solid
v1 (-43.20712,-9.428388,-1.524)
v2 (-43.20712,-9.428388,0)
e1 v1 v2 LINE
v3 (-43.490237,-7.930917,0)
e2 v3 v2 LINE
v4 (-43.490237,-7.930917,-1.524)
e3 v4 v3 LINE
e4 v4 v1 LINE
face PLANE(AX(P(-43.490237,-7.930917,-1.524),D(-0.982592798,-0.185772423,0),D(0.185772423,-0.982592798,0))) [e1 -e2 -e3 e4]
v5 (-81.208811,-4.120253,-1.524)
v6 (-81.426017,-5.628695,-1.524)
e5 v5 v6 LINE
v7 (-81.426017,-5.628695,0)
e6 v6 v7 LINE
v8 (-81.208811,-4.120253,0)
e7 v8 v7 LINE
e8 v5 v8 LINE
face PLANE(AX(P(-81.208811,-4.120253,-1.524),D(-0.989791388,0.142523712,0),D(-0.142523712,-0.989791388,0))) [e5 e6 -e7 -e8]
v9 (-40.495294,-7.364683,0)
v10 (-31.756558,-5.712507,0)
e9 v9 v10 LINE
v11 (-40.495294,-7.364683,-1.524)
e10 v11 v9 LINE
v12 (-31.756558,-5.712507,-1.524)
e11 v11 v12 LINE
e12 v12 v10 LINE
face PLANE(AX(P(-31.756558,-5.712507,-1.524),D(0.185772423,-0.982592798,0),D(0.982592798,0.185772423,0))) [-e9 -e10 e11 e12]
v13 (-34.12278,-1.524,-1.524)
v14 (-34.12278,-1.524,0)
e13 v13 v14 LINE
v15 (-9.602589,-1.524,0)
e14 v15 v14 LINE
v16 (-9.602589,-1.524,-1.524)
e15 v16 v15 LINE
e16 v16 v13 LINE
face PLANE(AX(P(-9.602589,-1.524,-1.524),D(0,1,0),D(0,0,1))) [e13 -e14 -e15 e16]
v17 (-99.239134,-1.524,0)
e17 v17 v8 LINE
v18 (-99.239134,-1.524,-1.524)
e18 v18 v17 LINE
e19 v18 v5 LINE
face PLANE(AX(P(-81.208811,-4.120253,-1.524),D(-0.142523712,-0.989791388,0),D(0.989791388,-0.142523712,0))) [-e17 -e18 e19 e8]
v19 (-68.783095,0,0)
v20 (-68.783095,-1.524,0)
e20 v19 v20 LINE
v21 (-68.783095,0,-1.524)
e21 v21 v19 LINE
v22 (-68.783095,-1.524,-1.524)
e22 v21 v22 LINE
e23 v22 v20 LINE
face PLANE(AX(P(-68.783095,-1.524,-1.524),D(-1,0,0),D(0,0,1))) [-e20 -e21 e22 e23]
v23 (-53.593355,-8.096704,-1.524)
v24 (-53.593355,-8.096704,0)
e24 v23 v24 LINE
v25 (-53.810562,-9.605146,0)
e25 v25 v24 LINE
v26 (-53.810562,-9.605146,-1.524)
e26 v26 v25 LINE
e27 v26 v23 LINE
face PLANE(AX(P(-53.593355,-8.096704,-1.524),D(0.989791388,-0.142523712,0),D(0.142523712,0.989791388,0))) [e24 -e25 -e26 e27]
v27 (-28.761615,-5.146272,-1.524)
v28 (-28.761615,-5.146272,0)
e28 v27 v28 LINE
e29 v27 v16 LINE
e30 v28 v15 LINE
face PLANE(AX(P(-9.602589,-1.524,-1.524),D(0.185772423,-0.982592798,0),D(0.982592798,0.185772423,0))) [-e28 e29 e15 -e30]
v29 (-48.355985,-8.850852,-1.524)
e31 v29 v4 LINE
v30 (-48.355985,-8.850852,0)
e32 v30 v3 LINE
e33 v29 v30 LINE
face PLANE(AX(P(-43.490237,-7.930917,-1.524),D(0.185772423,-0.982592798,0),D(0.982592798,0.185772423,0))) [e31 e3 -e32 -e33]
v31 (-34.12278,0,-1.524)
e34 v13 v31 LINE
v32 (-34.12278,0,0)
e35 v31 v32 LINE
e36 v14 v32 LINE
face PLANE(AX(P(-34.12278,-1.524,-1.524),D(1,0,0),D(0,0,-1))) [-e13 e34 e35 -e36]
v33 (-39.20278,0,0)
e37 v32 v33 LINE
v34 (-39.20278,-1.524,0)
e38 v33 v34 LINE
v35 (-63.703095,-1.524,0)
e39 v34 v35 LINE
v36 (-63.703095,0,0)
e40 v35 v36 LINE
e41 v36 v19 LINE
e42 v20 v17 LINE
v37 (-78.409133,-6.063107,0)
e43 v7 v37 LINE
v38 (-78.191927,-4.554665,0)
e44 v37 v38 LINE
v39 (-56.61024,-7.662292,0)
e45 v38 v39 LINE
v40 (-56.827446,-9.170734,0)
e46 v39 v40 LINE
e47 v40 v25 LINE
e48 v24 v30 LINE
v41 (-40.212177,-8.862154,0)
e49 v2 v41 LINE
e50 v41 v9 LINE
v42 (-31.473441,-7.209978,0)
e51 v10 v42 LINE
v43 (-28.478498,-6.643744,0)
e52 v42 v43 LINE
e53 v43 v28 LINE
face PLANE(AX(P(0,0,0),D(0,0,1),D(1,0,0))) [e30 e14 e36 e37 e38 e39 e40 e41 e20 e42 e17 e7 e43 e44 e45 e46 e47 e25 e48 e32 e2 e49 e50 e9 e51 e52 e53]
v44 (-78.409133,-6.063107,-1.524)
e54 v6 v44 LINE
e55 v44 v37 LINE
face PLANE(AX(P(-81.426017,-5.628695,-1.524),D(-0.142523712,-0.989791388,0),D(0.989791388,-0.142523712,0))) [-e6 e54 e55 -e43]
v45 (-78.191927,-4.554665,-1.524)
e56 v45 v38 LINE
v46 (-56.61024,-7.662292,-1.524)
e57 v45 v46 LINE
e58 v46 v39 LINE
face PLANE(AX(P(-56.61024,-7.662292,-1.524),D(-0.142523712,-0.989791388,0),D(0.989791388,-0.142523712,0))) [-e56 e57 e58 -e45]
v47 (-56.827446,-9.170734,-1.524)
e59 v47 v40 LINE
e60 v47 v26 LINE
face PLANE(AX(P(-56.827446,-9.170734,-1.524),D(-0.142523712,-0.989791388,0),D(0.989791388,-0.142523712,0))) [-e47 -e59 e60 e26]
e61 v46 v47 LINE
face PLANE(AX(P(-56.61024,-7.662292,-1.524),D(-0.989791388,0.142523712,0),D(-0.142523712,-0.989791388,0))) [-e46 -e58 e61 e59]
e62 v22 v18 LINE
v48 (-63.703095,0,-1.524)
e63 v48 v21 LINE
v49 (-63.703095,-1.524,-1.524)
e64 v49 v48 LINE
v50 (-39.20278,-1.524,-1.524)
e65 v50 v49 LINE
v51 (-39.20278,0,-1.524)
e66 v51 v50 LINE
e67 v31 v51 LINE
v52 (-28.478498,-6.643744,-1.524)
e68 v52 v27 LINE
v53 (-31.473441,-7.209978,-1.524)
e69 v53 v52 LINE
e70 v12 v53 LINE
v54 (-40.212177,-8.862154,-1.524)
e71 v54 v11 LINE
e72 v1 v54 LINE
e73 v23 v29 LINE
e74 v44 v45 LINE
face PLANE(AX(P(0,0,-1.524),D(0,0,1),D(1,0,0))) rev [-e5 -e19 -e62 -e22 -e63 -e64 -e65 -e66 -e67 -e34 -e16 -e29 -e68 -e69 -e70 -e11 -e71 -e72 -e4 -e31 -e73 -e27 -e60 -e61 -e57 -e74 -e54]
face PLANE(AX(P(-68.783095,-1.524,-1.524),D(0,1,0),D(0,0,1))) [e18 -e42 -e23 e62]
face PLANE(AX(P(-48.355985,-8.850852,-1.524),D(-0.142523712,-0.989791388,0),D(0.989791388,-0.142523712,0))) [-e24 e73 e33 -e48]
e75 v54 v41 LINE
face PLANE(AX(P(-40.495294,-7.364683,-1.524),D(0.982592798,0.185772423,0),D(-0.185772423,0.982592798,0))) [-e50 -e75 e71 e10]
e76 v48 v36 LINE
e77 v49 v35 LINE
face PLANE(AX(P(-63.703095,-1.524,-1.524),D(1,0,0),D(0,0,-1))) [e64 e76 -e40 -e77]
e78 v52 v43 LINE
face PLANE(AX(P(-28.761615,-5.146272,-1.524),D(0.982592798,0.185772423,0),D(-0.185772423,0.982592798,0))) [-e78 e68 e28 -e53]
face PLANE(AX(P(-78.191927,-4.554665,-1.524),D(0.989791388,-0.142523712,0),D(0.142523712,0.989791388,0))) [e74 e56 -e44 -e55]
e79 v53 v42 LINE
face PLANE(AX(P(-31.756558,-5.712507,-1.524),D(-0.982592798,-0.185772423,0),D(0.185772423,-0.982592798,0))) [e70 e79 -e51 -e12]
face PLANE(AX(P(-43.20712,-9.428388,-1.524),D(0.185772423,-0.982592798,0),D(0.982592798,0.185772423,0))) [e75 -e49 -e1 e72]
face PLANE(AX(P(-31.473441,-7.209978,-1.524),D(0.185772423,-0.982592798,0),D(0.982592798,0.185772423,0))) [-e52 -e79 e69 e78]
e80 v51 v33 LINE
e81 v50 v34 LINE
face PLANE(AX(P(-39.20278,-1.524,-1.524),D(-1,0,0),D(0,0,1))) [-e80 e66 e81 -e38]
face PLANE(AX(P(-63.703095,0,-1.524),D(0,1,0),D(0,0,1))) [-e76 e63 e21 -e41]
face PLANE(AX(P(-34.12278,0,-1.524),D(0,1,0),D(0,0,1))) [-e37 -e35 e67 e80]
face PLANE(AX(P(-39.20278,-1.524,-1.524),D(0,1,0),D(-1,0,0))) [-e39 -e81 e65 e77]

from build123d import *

# Parameters (mm, degrees)
BOSS_EXTRUDE1_DEPTH = 1.524


with BuildPart() as part:
    # Sketch1 → Boss-Extrude1 (new body)
    with BuildSketch(Plane.XY):
        Polygon((-9.60258928, -1.524), (-28.761615364, -5.146272329), (-28.478498191, -6.643743753), (-31.47344104, -7.209978099), (-31.756558213, -5.712506675), (-40.495294208, -7.364682597), (-40.212177035, -8.862154021), (-43.207119883, -9.428388367), (-43.490237056, -7.930916943), (-48.355985293, -8.850852284), (-53.593355447, -8.096704042), (-53.810561584, -9.605146117), (-56.827445734, -9.170733844), (-56.610239597, -7.662291769), (-78.191926721, -4.554665056), (-78.409132858, -6.063107132), (-81.426017008, -5.628694858), (-81.208810872, -4.120252783), (-99.239134473, -1.524), (-68.783094529, -1.524), (-68.783094529, 0), (-63.703094529, 0), (-63.703094529, -1.524), (-39.202780194, -1.524), (-39.202780194, 0), (-34.122780194, 0), (-34.122780194, -1.524), align=None)
    extrude(amount=-BOSS_EXTRUDE1_DEPTH)


solid = part.part
